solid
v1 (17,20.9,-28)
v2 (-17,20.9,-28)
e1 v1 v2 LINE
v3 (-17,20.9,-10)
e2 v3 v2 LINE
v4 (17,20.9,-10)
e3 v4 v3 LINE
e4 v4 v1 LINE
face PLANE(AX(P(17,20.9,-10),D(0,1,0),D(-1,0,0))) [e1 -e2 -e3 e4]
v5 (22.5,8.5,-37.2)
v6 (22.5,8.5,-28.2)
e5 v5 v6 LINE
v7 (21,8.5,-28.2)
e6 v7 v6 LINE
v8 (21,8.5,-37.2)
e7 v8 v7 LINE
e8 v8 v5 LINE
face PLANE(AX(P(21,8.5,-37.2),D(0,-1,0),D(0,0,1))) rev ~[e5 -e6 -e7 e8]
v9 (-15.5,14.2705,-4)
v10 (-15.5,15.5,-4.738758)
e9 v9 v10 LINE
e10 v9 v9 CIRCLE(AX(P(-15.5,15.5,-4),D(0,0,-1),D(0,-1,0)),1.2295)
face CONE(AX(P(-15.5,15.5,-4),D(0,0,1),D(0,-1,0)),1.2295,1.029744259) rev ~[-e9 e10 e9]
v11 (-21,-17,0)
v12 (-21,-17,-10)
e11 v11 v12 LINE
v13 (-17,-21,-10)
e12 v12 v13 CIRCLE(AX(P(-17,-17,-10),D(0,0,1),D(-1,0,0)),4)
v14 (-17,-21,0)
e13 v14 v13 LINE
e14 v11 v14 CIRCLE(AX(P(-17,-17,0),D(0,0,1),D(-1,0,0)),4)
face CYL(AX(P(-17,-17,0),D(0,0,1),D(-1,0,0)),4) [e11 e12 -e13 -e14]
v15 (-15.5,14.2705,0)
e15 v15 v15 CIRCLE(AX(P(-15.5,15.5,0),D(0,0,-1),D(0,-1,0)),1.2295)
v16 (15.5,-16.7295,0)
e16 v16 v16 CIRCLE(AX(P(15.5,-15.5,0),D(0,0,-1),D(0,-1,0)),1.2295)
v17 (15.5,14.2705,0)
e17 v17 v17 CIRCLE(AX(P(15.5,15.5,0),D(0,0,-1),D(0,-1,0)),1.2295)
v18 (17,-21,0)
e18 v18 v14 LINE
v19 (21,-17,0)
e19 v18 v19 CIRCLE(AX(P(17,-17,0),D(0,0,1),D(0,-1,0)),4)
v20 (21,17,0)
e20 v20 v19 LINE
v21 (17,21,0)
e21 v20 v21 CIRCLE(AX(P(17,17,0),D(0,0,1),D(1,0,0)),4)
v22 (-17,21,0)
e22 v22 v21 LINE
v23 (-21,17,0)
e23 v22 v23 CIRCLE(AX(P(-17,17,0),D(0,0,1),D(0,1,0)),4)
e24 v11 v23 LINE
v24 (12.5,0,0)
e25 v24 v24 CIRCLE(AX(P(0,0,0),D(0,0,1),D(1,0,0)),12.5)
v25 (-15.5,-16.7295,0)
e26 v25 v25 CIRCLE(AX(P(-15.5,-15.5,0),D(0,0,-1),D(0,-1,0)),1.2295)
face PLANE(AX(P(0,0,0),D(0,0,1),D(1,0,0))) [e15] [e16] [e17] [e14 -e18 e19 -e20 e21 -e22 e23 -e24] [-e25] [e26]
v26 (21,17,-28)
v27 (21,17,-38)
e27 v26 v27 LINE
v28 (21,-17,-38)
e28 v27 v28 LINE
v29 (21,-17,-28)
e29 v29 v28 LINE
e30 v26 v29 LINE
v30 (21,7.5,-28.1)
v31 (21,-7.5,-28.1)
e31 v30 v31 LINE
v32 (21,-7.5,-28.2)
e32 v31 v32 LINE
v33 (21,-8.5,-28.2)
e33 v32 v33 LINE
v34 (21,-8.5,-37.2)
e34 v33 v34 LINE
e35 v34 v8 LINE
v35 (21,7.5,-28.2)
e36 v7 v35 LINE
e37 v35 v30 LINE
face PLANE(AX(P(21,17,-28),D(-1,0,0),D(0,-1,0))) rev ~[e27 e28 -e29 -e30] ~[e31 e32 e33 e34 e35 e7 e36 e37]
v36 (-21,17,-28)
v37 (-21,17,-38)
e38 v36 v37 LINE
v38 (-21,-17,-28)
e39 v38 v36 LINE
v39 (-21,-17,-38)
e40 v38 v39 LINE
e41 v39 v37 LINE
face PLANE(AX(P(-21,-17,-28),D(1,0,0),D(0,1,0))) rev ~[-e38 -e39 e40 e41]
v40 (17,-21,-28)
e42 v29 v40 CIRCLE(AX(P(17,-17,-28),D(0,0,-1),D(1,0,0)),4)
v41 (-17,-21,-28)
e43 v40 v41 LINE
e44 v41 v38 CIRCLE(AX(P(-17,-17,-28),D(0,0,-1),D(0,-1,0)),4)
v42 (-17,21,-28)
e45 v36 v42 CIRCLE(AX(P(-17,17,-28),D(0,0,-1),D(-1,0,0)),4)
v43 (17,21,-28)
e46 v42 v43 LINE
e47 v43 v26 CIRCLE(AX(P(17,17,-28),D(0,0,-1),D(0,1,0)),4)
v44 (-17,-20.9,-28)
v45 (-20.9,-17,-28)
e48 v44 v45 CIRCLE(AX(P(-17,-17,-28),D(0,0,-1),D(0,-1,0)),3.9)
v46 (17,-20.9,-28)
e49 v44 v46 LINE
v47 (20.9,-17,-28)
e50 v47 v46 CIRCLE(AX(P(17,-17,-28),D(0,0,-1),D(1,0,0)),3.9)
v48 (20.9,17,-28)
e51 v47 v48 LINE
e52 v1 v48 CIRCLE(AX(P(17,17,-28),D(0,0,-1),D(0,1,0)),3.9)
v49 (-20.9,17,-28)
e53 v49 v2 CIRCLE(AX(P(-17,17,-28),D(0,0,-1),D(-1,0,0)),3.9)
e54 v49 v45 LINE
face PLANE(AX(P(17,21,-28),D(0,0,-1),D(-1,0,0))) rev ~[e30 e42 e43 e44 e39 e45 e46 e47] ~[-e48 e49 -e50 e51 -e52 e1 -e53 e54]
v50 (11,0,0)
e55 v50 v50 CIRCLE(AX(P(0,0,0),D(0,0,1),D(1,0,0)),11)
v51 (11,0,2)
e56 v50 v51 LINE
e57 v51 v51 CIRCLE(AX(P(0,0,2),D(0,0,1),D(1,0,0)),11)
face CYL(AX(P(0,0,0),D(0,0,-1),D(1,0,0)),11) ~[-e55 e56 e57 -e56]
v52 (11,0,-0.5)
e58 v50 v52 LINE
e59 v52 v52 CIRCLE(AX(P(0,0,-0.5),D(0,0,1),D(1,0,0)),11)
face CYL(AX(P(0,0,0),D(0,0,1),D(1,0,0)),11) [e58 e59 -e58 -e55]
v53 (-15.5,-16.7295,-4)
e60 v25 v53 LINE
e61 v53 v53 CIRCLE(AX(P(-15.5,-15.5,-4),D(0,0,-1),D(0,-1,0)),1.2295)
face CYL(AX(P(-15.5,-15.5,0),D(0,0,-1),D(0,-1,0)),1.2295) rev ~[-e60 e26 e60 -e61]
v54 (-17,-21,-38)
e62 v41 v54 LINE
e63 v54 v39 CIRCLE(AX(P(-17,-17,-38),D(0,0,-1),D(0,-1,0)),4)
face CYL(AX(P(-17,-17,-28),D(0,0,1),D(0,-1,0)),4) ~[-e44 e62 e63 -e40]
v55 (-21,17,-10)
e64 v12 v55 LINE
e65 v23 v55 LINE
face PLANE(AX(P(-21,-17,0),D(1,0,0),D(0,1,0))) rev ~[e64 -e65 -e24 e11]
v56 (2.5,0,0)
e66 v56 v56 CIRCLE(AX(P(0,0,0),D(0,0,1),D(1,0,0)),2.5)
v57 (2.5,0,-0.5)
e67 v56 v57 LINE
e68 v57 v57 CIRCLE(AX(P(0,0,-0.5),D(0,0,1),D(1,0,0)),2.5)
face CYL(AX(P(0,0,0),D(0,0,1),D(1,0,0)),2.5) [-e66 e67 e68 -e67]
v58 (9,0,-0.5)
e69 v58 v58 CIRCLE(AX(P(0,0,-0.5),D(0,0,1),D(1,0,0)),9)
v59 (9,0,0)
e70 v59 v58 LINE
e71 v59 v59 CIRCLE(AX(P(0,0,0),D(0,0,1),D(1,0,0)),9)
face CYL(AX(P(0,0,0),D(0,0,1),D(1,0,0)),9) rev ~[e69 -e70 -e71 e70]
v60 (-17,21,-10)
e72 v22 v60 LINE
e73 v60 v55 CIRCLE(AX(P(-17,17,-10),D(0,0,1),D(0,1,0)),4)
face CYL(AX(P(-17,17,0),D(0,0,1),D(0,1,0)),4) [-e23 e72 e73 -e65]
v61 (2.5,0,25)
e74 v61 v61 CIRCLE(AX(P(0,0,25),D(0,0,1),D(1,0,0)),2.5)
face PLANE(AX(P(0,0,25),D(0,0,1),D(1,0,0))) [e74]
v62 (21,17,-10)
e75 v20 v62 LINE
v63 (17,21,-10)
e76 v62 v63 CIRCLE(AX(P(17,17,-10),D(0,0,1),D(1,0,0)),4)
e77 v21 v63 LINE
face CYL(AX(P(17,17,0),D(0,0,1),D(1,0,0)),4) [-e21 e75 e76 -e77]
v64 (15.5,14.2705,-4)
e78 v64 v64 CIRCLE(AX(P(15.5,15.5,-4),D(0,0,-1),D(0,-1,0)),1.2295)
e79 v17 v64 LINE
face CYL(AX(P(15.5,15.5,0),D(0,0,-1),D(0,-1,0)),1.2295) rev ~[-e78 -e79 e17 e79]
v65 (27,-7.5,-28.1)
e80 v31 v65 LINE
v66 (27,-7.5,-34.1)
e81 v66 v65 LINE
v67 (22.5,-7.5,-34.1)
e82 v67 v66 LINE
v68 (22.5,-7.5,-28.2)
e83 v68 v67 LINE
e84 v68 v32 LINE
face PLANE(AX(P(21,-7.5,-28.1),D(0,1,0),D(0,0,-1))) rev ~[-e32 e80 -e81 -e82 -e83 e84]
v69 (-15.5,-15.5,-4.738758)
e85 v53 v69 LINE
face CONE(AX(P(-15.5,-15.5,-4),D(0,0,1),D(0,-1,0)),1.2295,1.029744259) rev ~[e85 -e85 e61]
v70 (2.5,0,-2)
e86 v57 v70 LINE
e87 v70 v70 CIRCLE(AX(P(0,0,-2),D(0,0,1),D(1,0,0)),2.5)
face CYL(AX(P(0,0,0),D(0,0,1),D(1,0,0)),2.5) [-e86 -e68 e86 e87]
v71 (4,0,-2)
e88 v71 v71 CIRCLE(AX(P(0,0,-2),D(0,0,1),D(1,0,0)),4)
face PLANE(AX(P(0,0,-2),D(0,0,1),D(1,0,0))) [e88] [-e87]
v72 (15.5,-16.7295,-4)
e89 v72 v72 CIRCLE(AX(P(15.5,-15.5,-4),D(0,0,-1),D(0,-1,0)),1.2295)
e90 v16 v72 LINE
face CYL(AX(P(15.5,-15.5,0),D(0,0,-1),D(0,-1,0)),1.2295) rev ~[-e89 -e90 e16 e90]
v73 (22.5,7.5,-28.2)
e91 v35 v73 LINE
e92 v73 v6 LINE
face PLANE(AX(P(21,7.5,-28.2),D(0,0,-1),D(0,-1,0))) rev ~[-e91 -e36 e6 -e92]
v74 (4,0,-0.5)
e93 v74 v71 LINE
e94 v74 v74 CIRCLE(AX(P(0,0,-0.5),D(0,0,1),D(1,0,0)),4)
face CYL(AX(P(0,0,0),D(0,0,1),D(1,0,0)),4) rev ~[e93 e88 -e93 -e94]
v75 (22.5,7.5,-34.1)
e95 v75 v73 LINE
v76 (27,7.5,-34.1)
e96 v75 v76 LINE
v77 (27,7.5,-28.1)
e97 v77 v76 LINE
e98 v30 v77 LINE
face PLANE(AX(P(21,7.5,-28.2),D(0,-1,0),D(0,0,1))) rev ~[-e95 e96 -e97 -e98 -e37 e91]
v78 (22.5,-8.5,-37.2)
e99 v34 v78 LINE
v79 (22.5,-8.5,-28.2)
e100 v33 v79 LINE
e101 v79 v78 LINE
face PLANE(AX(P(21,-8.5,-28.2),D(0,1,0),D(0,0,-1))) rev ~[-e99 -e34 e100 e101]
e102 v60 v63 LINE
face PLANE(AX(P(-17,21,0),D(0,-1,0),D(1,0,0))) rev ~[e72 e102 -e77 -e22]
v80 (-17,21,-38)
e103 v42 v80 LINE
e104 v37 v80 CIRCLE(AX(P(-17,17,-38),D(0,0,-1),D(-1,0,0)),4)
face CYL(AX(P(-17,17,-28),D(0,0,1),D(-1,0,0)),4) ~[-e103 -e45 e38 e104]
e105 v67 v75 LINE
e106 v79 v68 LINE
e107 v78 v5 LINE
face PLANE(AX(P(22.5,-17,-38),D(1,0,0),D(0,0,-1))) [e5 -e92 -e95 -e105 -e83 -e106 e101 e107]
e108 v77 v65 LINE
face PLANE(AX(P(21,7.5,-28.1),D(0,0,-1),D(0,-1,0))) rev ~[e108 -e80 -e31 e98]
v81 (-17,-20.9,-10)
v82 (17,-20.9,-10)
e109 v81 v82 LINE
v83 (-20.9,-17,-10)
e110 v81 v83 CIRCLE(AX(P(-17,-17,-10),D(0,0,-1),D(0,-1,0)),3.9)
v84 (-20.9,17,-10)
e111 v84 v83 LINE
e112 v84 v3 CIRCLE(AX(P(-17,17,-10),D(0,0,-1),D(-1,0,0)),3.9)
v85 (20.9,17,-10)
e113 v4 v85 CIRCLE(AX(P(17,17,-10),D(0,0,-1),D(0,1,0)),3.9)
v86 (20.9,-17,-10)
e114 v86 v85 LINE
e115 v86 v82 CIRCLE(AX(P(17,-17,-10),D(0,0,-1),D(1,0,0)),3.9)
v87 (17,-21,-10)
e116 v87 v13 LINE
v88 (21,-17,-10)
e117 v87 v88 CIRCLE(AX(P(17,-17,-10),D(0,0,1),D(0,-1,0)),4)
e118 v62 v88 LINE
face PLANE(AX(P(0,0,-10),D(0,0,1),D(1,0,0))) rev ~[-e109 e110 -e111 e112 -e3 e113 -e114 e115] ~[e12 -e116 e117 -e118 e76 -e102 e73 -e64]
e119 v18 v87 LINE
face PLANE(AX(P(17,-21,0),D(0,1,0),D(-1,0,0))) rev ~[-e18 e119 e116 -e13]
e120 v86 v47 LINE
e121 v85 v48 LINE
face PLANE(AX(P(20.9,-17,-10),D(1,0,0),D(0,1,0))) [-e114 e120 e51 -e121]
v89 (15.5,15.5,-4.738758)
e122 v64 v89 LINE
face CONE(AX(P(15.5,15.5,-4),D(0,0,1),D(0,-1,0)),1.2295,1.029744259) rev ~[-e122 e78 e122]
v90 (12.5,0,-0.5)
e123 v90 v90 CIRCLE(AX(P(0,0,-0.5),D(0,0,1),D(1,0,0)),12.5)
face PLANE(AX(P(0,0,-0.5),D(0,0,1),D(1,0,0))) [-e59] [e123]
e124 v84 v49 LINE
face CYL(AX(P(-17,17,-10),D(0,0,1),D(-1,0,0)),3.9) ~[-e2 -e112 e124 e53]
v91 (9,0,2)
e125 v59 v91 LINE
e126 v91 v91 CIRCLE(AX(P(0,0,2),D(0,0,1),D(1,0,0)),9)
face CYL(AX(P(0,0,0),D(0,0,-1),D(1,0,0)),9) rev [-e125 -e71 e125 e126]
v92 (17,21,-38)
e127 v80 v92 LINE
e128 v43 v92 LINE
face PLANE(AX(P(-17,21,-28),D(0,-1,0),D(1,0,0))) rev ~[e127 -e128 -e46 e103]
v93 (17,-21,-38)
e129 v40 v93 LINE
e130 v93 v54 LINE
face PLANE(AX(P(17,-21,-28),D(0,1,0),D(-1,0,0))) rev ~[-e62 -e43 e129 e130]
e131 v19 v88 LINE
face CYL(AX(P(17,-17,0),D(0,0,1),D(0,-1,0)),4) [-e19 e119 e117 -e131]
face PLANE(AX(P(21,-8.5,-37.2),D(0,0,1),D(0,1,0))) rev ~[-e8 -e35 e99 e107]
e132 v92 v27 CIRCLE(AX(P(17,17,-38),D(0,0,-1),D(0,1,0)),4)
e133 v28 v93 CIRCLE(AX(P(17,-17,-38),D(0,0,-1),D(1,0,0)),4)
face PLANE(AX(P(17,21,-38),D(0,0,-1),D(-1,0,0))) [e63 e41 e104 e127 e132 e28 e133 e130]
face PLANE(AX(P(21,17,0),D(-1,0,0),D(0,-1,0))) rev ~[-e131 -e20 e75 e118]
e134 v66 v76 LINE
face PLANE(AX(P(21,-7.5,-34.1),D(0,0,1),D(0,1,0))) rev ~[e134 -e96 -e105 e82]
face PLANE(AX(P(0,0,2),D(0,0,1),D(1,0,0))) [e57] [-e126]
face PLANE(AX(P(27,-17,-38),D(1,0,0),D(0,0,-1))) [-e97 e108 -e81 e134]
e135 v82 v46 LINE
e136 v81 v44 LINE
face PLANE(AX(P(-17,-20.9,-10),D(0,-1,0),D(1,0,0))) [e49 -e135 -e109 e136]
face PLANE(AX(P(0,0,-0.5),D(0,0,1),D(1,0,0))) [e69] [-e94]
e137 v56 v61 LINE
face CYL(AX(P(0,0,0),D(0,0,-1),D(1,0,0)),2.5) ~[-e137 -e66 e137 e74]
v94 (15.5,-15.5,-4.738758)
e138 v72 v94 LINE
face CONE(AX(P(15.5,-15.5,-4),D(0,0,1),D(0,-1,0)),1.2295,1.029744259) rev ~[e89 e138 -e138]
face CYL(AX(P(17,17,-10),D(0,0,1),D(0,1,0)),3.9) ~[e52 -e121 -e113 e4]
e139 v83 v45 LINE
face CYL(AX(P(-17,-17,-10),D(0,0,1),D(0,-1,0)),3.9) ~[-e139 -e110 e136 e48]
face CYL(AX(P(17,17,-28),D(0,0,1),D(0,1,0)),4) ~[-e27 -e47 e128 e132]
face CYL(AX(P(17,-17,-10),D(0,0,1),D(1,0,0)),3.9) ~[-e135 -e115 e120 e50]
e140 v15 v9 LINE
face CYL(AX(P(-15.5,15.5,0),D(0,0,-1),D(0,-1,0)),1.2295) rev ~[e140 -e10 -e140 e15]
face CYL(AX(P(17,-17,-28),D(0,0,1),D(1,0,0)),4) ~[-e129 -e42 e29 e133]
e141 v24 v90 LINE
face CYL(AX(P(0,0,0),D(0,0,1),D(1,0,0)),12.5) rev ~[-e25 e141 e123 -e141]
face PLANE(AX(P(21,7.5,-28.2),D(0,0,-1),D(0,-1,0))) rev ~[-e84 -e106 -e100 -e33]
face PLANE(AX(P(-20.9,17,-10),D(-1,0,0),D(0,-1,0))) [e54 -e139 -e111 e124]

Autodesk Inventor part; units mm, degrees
ref_plane "YZ Plane" through (0, 0, 0) normal (1, 0, 0) x (0, 1, 0)
sketch "Sketch1" plane through (0, 0, 0) normal (0, 0, 1) x (1, 0, 0)
  circle A0 centre (0, 0) radius 12.5
  circle A1 centre (0, 0) radius 9
  circle A2 centre (0, 0) radius 11
  line L0 (17, -21) -> (-17, -21)
  line L1 (-21, -17) -> (-21, 17)
  line L2 (-17, 21) -> (17, 21)
  line L3 (21, 17) -> (21, -17)
  line L4 (21, -21) -> (-21, 21) construction
  line L5 (-21, -21) -> (21, 21) construction
  arc A3 (-17, 21) -> (-21, 17) centre (-17, 17) ccw
  arc A4 (-21, -17) -> (-17, -21) centre (-17, -17) ccw
  arc A5 (17, -21) -> (21, -17) centre (17, -17) ccw
  arc A6 (21, 17) -> (17, 21) centre (17, 17) ccw
  line L6 (15.5, -15.5) -> (-15.5, -15.5) construction
  line L7 (-15.5, -15.5) -> (-15.5, 15.5) construction
  line L8 (-15.5, 15.5) -> (15.5, 15.5) construction
  line L9 (15.5, 15.5) -> (15.5, -15.5) construction
  line L10 (15.5, -15.5) -> (-15.5, 15.5) construction
  line L11 (-15.5, -15.5) -> (15.5, 15.5) construction
  circle A7 centre (0, 0) radius 2.5
  circle A8 centre (0, 0) radius 4
  dimension "d0" = 42
  dimension "d2" = 42
  dimension "d3" = 4
  dimension "d4" = 18
  dimension "d5" = 22
  dimension "d6" = 25
  dimension "d7" = 31
  dimension "d22" = 5
  dimension "d23" = 8
ref_plane "Work Plane1" through (0, 0, -10) normal (0, 0, 1) x (1, 0, 0)
ref_plane "Work Plane3" through (0, 0, -28) normal (0, 0, 1) x (1, 0, 0)
ref_plane "Work Plane2" through (0, 0, -38) normal (0, 0, 1) x (1, 0, 0)
extrude "Extrusion1" add sketch "Sketch1" against normal up to surface (10 mm away) from surface at 0 contours A0 | A1 | A2 | L0 A4 L1 A3 L2 A6 L3 A5 | A7 | A8
sketch "Sketch2" plane through (17, 21, -10) normal (0, 0, -1) x (-1, 0, 0)
  arc A0 (34, -42) -> (38, -38) centre (34, -38) ccw projected
  line L0 (38, -38) -> (38, -4) projected
  arc A1 (38, -4) -> (34, 0) centre (34, -4) ccw projected
  line L1 (34, 0) -> (0, 0) projected
  arc A2 (0, 0) -> (-4, -4) centre (0, -4) ccw projected
  line L2 (-4, -4) -> (-4, -38) projected
  arc A3 (-4, -38) -> (0, -42) centre (0, -38) ccw projected
  line L3 (0, -42) -> (34, -42) projected
  line L4 (0, -0.1) -> (34, -0.1)
  arc A4 (37.9, -4) -> (34, -0.1) centre (34, -4) ccw
  line L5 (37.9, -4) -> (37.9, -38)
  arc A5 (34, -41.9) -> (37.9, -38) centre (34, -38) ccw
  line L6 (34, -41.9) -> (0, -41.9)
  arc A6 (-3.9, -38) -> (0, -41.9) centre (0, -38) ccw
  line L7 (-3.9, -38) -> (-3.9, -4)
  arc A7 (0, -0.1) -> (-3.9, -4) centre (0, -4) ccw
  point P0 (17, -21)
  dimension "d13" = 0.1
extrude "Extrusion2" add sketch "Sketch2" along normal up to surface (10 mm away) from surface at 18 contours L3 A3 L2 A2 L1 A1 L0 A0 | L4 A4 L5 A5 L6 A6 L7 A7
extrude "Extrusion3" add sketch "Sketch2" along normal up to surface (18 mm away) from surface at 0 contours L4 A4 L5 A5 L6 A6 L7 A7
extrude "Extrusion4" cut sketch "Sketch1" against normal blind 0.5 contours A0 | A1 | A8
extrude "Extrusion5" add sketch "Sketch1" along normal blind 2 contours A2
extrude "Extrusion6" cut sketch "Sketch1" against normal blind 2 contours A8
extrude "Extrusion7" add sketch "Sketch1" along normal blind 25 contours A7
hole "Hole1" at (15.5, 15.5, 0) at (-15.5, 15.5, 0) at (-15.5, -15.5, 0) at (15.5, -15.5, 0) direction (0, 0, -1) diameter 2.459 depth 4 tip angle 118 thread size "M3x0.5" class "6H" standard "ISO Metric profile"
sketch "Sketch3" plane through (21, -17, -38) normal (1, 0, 0) x (0, 0, -1)
  line L0 (0, 34) -> (0, 0) projected
  line L1 (-10, 34) -> (-10, 0) projected
  line L2 (-10, 17) -> (0, 17) construction
  line L3 (-9.9, 9.5) -> (-3.9, 9.5)
  line L4 (-3.9, 9.5) -> (-3.9, 24.5)
  line L5 (-3.9, 24.5) -> (-9.9, 24.5)
  line L6 (-9.9, 24.5) -> (-9.9, 9.5)
  line L7 (-9.9, 9.5) -> (-3.9, 24.5) construction
  line L8 (-3.9, 9.5) -> (-9.9, 24.5) construction
  line L9 (-9.8, 8.5) -> (-0.8, 8.5)
  line L10 (-0.8, 8.5) -> (-0.8, 25.5)
  line L11 (-0.8, 25.5) -> (-9.8, 25.5)
  line L12 (-9.8, 25.5) -> (-9.8, 8.5)
  line L13 (-9.8, 8.5) -> (-0.8, 25.5) construction
  line L14 (-0.8, 8.5) -> (-9.8, 25.5) construction
  point P0 (-38, 17)
  point P1 (-6.9, 17)
  point P2 (-5.3, 17)
  dimension "d35" = 6
  dimension "d36" = 15
  dimension "d37" = 9
  dimension "d38" = 17
  dimension "d39" = 0.1
  dimension "d40" = 0.1
extrude "Extrusion8" add sketch "Sketch3" along normal blind 6 contours L6 L5 L12 L3 | L12 L5 L4 L3
extrude "Extrusion9" add sketch "Sketch3" along normal blind 1.5 contours L12 L5 L4 L3 | L3 L4 L5 L12 L11 L10 L9
equation "\"d9\" = -L"
equation "\"L\" = 38"
properties part number "nema17 33mm"
